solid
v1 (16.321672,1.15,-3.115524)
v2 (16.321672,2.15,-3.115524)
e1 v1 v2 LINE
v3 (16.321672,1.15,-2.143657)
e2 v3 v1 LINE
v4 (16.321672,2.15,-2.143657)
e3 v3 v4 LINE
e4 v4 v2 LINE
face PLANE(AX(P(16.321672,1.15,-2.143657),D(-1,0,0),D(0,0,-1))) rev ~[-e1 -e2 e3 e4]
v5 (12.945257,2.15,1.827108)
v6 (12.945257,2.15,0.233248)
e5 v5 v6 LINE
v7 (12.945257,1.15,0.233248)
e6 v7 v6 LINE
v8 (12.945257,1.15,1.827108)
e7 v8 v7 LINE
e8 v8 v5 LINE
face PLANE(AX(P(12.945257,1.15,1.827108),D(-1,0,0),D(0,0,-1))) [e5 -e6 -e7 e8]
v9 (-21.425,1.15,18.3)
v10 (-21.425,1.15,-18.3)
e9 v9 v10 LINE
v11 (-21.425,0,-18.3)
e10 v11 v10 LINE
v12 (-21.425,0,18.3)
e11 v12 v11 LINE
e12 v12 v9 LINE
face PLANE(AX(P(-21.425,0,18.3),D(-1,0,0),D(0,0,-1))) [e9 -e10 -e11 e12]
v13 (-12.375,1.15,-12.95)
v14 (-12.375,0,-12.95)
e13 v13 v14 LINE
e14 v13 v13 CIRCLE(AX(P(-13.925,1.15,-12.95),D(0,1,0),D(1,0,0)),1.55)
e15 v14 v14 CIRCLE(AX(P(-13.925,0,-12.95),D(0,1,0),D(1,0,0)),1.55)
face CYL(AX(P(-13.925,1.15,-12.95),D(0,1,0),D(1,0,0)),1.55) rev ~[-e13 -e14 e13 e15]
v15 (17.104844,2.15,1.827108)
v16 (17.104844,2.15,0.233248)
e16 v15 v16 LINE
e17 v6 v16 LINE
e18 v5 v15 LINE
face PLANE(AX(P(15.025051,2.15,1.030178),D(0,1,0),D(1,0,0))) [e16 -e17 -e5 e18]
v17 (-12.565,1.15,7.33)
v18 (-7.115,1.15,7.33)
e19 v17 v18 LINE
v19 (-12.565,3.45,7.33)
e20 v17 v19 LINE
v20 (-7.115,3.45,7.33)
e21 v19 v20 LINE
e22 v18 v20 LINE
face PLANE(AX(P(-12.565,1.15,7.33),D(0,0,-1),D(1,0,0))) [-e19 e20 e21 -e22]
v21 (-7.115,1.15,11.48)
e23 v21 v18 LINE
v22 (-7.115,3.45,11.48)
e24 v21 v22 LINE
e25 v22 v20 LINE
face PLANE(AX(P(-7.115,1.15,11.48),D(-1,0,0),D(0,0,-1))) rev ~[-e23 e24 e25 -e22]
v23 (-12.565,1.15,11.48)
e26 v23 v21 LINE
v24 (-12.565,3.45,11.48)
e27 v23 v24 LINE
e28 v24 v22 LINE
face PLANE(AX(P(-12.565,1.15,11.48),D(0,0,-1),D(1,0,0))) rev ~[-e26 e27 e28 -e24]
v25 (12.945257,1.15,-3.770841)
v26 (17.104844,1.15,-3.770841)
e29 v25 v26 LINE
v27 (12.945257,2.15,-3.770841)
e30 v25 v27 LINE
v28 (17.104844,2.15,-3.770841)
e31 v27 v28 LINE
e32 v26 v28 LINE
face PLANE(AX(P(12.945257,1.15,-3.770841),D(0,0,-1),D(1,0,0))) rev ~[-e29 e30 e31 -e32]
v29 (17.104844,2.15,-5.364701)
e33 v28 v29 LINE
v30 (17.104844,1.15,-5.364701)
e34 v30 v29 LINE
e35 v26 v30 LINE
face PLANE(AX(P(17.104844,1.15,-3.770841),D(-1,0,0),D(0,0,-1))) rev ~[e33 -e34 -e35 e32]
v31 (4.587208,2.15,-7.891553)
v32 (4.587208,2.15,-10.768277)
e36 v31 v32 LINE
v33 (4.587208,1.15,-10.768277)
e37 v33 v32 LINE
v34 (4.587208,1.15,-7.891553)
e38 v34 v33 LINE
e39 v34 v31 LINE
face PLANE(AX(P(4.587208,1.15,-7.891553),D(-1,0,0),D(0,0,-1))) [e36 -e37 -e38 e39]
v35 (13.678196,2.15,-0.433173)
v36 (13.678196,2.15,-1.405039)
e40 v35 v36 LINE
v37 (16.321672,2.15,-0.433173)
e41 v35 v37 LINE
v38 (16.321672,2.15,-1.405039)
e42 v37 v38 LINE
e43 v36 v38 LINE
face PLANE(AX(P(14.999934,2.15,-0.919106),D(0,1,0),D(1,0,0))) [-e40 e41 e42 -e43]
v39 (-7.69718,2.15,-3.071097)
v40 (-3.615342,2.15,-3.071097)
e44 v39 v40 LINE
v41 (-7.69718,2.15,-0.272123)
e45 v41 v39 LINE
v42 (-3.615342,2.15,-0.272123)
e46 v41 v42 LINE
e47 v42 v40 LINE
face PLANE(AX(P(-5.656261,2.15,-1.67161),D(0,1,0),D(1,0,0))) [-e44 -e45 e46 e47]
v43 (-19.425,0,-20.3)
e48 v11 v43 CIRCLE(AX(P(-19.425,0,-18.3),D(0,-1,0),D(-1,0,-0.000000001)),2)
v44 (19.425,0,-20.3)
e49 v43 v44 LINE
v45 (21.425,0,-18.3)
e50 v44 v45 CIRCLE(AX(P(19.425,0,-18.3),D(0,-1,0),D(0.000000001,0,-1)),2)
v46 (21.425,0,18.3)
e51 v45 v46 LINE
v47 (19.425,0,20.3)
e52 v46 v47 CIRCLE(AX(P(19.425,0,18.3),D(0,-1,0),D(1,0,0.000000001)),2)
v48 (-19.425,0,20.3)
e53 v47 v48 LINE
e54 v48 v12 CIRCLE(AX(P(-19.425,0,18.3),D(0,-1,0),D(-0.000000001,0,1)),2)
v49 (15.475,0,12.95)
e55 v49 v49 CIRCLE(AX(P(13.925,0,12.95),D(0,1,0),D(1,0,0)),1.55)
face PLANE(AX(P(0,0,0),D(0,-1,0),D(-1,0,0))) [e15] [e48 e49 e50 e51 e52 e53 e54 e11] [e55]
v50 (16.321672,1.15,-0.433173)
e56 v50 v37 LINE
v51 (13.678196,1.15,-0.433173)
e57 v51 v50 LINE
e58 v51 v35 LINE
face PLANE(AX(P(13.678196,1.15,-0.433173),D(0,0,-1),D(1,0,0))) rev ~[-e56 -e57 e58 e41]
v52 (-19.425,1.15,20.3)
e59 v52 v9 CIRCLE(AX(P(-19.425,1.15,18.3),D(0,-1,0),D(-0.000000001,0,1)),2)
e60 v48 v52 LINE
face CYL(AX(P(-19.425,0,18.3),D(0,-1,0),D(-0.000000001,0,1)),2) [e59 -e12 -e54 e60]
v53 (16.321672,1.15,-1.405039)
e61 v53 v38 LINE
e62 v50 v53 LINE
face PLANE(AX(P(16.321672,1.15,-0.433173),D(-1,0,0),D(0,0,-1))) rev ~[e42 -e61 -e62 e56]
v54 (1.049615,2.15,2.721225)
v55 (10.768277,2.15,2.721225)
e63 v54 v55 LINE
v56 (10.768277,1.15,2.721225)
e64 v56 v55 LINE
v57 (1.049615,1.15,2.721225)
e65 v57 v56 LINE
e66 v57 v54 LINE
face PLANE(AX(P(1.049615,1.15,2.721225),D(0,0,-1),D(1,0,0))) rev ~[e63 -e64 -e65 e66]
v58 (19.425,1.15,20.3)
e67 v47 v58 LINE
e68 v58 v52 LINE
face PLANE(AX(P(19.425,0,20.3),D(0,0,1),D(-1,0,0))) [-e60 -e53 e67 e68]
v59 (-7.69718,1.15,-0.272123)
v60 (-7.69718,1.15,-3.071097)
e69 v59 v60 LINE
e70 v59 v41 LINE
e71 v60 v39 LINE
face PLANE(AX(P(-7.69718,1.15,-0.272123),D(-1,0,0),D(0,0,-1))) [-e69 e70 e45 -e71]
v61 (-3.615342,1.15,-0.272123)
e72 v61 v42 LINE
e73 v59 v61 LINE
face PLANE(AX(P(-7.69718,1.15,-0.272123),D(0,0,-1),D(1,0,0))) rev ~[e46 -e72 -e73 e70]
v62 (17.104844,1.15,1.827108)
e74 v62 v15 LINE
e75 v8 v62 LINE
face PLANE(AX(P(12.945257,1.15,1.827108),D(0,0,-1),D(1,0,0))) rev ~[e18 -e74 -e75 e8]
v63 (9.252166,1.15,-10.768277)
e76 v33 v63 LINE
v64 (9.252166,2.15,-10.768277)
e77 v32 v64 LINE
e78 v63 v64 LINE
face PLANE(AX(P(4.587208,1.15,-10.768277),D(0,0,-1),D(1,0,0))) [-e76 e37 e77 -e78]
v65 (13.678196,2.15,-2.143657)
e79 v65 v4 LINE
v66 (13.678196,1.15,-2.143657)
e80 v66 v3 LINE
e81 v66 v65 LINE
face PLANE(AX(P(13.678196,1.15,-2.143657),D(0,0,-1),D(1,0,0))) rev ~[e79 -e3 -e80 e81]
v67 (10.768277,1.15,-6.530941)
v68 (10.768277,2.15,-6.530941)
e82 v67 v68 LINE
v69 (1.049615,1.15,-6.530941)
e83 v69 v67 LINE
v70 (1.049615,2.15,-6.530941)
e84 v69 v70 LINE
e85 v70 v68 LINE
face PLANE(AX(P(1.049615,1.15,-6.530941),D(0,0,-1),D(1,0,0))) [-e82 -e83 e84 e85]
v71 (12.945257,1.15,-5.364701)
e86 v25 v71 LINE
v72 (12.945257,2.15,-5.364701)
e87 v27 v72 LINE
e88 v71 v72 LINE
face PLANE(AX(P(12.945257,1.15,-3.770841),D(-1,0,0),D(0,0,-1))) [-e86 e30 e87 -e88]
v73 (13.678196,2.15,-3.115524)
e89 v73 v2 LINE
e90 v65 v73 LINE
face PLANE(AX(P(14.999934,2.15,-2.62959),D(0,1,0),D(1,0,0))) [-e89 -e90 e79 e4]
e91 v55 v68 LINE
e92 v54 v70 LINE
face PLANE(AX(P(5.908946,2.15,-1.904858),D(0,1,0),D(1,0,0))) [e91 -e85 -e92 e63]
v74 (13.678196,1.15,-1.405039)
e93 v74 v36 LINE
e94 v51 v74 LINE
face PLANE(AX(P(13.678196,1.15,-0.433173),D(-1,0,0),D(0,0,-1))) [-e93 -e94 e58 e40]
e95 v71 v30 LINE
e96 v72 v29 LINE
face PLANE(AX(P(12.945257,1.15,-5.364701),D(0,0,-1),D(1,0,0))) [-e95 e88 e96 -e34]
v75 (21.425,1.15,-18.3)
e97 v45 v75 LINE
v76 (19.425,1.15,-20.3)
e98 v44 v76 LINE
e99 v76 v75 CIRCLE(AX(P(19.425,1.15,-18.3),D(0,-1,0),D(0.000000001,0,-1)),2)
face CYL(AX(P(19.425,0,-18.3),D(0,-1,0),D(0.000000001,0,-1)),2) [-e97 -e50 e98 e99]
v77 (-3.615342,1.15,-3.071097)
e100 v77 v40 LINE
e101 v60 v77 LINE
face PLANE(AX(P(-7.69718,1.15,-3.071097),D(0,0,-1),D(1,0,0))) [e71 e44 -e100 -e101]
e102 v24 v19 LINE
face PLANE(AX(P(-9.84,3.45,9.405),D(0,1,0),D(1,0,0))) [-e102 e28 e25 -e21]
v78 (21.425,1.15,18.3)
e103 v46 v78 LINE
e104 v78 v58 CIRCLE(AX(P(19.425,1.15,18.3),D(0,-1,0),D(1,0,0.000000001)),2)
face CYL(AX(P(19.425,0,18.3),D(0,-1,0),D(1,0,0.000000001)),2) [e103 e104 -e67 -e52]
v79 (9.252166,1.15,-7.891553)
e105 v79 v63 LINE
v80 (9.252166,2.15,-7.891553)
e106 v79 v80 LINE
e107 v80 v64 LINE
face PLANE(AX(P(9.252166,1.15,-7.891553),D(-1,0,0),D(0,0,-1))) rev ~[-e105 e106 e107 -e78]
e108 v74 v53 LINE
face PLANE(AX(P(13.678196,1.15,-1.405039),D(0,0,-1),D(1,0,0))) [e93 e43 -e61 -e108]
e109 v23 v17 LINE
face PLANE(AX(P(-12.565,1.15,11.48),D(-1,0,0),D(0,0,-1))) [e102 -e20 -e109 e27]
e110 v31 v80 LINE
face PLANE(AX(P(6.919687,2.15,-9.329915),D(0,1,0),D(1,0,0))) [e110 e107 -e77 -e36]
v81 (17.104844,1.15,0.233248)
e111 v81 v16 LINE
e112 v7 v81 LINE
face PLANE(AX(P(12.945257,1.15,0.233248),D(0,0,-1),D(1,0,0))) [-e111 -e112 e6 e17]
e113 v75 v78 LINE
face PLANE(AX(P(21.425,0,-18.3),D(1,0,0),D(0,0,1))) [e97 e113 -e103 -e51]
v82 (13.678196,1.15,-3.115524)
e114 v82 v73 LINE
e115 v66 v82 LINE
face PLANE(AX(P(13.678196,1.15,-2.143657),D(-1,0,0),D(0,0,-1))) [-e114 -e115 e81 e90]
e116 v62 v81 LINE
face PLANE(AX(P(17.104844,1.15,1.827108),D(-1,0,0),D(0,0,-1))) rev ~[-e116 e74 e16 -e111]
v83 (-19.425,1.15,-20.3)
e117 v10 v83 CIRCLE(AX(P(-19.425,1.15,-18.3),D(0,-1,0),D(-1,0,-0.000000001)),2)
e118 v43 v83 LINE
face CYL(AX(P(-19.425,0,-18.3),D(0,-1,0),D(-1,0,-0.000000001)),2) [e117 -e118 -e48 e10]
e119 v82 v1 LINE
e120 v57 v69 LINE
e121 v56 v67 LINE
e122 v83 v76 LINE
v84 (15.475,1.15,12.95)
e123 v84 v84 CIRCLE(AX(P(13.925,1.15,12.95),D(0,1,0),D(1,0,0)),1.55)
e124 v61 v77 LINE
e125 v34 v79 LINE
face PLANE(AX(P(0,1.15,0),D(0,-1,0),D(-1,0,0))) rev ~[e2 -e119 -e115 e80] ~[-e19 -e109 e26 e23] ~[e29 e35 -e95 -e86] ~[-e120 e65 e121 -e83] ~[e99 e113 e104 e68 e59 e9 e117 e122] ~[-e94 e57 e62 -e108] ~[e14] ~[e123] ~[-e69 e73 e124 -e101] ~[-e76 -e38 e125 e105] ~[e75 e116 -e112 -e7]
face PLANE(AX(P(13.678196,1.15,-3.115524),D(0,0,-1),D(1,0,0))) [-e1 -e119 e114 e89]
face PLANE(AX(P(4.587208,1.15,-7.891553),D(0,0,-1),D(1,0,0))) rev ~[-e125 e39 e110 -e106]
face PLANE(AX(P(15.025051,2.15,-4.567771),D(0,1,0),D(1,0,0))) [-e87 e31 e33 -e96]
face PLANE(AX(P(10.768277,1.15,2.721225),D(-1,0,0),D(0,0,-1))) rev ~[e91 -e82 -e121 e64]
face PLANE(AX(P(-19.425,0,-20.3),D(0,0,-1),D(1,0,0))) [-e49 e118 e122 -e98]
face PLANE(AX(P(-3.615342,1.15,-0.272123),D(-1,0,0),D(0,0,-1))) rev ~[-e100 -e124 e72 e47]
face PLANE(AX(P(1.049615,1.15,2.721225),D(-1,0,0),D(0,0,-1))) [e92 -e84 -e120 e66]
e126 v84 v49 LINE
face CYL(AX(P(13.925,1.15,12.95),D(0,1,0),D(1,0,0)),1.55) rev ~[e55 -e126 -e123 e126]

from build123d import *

# Parameters (mm, degrees)
BOSS_EXTRUDE1_DEPTH = 1.15
CUT_EXTRUDE1_REACH  = 3.15
SKETCH2_R           = 1.55
SKETCH3_W           = 5.45
SKETCH3_H           = 4.15
BOSS_EXTRUDE2_DEPTH = 2.3
SKETCH4_W           = 9.718661505
SKETCH4_H           = 9.252165754
SKETCH4_W_2         = 4.664957522
SKETCH4_H_2         = 2.876723805
SKETCH4_W_3         = 4.081837833
SKETCH4_H_3         = 2.798974514
SKETCH4_W_4         = 4.159587124
SKETCH4_H_4         = 1.593860487
SKETCH4_W_5         = 2.64347593
SKETCH4_H_5         = 0.971866151
BOSS_EXTRUDE3_DEPTH = 1


with BuildPart() as part:
    # Sketch1 → Boss-Extrude1 (new body)
    with BuildSketch(Plane(origin=(0, 0, 0), x_dir=(1, 0, 0), z_dir=(0, 1, 0))):
        with BuildLine():
            Line((-19.425, 20.3), (19.425, 20.3))
            ThreePointArc((19.425, 20.3), (20.839213562, 19.714213562), (21.425, 18.3))
            Line((21.425, 18.3), (21.425, -18.3))
            ThreePointArc((21.425, -18.3), (20.839213562, -19.714213562), (19.425, -20.3))
            Line((19.425, -20.3), (-19.425, -20.3))
            ThreePointArc((-19.425, -20.3), (-20.839213562, -19.714213562), (-21.425, -18.3))
            Line((-21.425, -18.3), (-21.425, 18.3))
            ThreePointArc((-21.425, 18.3), (-20.839213562, 19.714213562), (-19.425, 20.3))
        make_face()
    extrude(amount=BOSS_EXTRUDE1_DEPTH)

    # Sketch2 → Cut-Extrude1 (cut, up to next)
    with BuildSketch(Plane(origin=(0, 1.15, 0), x_dir=(1, 0, 0), z_dir=(0, 1, 0)), mode=Mode.PRIVATE) as cut_extrude1_sk1:
        with Locations((-13.925, 12.95)):
            Circle(SKETCH2_R)
    cut_extrude1_tool1 = extrude(cut_extrude1_sk1.sketch, amount=-CUT_EXTRUDE1_REACH, mode=Mode.PRIVATE) & part.part
    add(cut_extrude1_tool1.solids().sort_by_distance((-13.925, 1.15, -12.95))[0], mode=Mode.SUBTRACT)
    # Sketch2 → Cut-Extrude1 (cut, up to next)
    with BuildSketch(Plane(origin=(0, 1.15, 0), x_dir=(1, 0, 0), z_dir=(0, 1, 0)), mode=Mode.PRIVATE) as cut_extrude1_sk2:
        with Locations((13.925, -12.95)):
            Circle(SKETCH2_R)
    cut_extrude1_tool2 = extrude(cut_extrude1_sk2.sketch, amount=-CUT_EXTRUDE1_REACH, mode=Mode.PRIVATE) & part.part
    add(cut_extrude1_tool2.solids().sort_by_distance((13.925, 1.15, 12.95))[0], mode=Mode.SUBTRACT)

    # Sketch3 → Boss-Extrude2 (add)
    with BuildSketch(Plane(origin=(0, 1.15, 0), x_dir=(1, 0, 0), z_dir=(0, 1, 0))):
        with Locations((-9.84, -9.405)):
            Rectangle(SKETCH3_W, SKETCH3_H)
    extrude(amount=BOSS_EXTRUDE2_DEPTH)

    # Sketch4 → Boss-Extrude3 (add)
    with BuildSketch(Plane(origin=(0, 1.15, 0), x_dir=(1, 0, 0), z_dir=(0, 1, 0))):
        with Locations((5.908946196, 1.904857655)):
            Rectangle(SKETCH4_W, SKETCH4_H)
        with Locations((6.919686992, 9.329915045)):
            Rectangle(SKETCH4_W_2, SKETCH4_H_2)
        with Locations((-5.656260997, 1.671609779)):
            Rectangle(SKETCH4_W_3, SKETCH4_H_3)
        with Locations((15.025050688, 4.567770907)):
            Rectangle(SKETCH4_W_4, SKETCH4_H_4)
        with Locations((14.99993444, 2.629590434)):
            Rectangle(SKETCH4_W_5, SKETCH4_H_5)
        with Locations((14.99993444, 0.91910601)):
            Rectangle(SKETCH4_W_5, SKETCH4_H_5)
        with Locations((15.025050688, -1.030178119)):
            Rectangle(SKETCH4_W_4, SKETCH4_H_4)
    extrude(amount=BOSS_EXTRUDE3_DEPTH)


solid = part.part
